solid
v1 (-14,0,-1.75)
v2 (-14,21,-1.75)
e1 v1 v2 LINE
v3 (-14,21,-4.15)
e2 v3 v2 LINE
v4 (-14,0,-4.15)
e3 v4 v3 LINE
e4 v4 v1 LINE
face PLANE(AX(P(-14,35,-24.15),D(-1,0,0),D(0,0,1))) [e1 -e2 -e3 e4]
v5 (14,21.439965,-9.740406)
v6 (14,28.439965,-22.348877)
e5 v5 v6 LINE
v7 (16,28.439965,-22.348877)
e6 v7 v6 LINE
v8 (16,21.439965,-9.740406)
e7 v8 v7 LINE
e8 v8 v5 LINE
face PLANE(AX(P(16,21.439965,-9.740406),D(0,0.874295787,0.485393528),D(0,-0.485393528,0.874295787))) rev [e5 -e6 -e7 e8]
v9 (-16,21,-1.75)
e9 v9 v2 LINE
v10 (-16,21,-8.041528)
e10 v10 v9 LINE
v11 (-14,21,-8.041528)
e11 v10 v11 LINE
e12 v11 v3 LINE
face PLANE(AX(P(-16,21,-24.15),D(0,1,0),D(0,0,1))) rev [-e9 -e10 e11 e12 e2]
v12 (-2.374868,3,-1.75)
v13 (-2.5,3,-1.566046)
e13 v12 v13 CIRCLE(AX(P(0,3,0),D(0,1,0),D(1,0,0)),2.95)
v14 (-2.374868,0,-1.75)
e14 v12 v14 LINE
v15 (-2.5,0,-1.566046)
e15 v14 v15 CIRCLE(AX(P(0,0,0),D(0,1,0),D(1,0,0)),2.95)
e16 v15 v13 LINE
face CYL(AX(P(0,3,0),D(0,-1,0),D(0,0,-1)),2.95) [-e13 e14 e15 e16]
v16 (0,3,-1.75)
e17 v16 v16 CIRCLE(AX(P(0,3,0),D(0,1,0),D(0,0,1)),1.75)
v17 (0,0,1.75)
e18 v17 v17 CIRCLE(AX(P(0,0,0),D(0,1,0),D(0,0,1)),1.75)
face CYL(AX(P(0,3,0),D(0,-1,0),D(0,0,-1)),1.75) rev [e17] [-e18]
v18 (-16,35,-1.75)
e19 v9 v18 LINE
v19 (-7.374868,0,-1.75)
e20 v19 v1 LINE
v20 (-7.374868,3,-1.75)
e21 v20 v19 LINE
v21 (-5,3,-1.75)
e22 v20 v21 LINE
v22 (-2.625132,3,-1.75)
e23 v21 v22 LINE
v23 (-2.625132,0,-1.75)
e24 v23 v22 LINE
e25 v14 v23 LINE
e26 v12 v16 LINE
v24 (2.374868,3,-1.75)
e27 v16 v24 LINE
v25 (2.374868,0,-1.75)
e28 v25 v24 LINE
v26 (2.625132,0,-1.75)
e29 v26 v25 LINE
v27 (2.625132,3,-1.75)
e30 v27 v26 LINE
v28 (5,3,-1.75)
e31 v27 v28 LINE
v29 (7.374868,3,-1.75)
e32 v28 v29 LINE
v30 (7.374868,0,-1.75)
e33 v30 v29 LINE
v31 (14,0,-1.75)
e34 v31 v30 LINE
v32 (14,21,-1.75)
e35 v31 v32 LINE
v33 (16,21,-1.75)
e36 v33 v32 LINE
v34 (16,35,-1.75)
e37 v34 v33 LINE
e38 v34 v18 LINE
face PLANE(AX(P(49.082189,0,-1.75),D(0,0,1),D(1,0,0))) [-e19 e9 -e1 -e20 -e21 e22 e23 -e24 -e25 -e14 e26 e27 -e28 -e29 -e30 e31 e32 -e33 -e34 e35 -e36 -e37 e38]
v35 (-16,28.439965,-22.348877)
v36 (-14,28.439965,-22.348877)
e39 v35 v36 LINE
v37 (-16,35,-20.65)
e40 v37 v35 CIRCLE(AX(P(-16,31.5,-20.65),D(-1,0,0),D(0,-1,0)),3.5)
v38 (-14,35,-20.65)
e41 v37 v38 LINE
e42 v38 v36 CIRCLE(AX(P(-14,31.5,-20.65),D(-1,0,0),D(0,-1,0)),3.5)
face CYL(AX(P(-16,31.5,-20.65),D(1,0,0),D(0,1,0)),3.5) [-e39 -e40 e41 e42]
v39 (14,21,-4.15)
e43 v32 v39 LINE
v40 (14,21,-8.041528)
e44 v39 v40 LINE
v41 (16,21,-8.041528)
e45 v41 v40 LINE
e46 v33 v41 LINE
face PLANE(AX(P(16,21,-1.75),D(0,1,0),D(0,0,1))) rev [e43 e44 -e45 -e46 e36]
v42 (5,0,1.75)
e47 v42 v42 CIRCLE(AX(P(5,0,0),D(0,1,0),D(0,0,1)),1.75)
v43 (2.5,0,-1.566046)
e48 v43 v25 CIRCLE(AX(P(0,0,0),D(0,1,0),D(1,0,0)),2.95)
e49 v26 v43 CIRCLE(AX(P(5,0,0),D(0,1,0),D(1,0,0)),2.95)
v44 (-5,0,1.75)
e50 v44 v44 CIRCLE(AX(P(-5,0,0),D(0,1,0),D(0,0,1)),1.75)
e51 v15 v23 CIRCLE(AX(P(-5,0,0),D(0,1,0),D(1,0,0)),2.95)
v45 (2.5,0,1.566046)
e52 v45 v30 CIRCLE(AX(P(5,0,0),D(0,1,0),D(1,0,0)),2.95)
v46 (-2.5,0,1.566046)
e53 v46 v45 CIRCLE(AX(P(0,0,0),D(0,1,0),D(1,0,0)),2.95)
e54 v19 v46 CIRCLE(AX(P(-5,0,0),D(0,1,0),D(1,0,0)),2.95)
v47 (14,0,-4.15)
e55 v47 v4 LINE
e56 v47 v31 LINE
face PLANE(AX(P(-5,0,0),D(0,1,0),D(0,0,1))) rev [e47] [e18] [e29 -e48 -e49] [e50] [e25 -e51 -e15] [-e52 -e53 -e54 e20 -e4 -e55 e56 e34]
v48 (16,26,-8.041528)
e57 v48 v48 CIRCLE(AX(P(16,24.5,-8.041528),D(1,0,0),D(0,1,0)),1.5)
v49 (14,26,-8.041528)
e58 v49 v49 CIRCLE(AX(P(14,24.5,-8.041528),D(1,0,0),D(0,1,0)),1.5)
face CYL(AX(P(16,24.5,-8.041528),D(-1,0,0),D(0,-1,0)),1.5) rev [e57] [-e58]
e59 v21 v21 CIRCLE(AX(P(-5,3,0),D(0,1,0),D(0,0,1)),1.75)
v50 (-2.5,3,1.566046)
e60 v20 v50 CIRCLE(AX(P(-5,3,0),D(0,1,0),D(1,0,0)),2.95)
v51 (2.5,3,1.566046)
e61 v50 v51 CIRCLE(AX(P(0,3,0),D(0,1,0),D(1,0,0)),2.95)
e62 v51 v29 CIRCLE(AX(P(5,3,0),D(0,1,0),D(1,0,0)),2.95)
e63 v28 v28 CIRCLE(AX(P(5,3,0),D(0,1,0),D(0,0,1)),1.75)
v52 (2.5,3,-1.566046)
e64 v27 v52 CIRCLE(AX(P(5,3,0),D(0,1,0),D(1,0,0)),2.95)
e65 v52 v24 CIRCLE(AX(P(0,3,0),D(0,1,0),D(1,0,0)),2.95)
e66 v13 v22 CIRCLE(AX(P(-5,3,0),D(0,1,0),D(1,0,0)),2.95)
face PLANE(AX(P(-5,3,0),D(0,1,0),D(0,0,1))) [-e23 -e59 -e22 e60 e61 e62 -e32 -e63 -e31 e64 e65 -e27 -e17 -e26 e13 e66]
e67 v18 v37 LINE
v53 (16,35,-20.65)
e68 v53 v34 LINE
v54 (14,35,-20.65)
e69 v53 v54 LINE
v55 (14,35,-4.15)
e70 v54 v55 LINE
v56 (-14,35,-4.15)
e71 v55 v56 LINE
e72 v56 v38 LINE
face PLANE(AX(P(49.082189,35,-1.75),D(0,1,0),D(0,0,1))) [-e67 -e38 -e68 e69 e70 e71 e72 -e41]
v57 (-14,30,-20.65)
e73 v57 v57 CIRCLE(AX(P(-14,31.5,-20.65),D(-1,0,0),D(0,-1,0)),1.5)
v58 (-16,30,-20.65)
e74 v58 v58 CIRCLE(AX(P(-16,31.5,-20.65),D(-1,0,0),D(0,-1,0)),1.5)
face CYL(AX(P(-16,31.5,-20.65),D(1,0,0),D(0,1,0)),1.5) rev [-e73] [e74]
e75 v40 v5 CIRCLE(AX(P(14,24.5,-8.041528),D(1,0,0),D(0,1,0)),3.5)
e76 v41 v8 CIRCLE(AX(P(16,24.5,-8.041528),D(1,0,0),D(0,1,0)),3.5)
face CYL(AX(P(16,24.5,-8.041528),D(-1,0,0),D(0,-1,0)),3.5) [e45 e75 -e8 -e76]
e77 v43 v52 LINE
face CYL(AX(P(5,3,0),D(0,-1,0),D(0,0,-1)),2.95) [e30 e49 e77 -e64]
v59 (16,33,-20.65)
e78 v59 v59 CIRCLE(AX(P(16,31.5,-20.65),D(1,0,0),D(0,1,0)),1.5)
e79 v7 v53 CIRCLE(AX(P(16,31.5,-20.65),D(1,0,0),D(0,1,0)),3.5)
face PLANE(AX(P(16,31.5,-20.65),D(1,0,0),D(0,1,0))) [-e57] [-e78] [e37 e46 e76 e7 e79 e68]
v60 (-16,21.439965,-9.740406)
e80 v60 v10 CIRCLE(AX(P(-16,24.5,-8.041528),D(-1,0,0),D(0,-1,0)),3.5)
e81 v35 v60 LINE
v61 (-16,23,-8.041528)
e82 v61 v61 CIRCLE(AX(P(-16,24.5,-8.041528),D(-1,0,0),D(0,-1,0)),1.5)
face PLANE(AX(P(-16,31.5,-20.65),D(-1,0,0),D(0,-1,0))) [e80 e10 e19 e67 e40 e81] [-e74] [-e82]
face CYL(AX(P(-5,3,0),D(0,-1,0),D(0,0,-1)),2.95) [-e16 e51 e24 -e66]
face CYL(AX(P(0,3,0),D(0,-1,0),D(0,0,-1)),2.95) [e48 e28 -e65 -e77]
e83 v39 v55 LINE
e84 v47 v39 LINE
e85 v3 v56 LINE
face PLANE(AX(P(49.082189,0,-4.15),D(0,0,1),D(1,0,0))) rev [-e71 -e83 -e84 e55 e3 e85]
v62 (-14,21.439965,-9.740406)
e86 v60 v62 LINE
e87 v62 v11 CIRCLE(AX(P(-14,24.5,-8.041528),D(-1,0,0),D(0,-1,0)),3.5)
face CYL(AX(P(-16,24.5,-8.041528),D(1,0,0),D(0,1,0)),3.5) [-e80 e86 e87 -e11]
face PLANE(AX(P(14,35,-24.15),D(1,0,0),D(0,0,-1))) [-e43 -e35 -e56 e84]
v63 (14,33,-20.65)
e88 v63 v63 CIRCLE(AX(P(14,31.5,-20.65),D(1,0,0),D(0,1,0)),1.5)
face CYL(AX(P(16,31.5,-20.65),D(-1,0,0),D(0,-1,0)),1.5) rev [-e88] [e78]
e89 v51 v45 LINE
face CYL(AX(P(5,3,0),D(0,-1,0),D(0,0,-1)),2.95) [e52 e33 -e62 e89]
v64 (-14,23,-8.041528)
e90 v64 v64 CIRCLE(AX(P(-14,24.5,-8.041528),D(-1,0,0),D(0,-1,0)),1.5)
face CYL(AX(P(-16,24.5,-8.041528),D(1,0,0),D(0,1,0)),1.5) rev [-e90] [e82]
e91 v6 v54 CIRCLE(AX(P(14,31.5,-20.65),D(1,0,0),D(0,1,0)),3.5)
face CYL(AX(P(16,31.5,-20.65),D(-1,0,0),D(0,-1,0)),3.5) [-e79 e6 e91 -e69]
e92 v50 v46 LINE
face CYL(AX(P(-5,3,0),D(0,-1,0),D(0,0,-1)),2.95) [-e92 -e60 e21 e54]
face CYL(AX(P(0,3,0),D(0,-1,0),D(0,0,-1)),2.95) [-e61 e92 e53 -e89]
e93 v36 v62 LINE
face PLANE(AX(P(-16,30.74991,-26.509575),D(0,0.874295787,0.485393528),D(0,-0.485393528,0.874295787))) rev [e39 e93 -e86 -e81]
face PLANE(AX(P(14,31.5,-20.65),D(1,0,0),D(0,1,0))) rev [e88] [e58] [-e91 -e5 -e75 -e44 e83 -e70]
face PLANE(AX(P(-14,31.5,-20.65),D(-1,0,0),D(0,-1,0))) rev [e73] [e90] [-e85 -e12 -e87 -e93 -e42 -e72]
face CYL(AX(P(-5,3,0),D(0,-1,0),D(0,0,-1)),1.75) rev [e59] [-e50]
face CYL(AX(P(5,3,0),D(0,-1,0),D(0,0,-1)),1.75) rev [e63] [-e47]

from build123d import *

# Parameters (mm, degrees)
SKETCH2_R                = 2.95
SKETCH2_R_2              = 1.75
EXTRUDE_THIN1_DEPTH      = 3
EXTRUDE_THIN2_DEPTH      = 14
EXTRUDE_THIN2_DEPTH_BACK = 14
SKETCH3_W                = 2.4
SKETCH3_H                = 35
SKETCH4_R                = 1.5
BOSS_EXTRUDE1_DEPTH      = 2
BOSS_EXTRUDE2_START      = -30
SKETCH4_2_R              = 1.5
BOSS_EXTRUDE2_DEPTH      = 2


with BuildPart() as part:
    # Sketch2 → Extrude-Thin1 (new body)
    # profile 1 of 3: a face of its own
    with BuildSketch(Plane(origin=(0, 0, 0), x_dir=(1, 0, 0), z_dir=(0, 1, 0))):
        Circle(SKETCH2_R)
        Circle(SKETCH2_R_2, mode=Mode.SUBTRACT)
    # profile 2 of 3: a face of its own
    with BuildSketch(Plane(origin=(0, 0, 0), x_dir=(1, 0, 0), z_dir=(0, 1, 0))):
        with Locations((5, 0)):
            Circle(SKETCH2_R)
        with Locations((5, 0)):
            Circle(SKETCH2_R_2, mode=Mode.SUBTRACT)
    # profile 3 of 3: a face of its own
    with BuildSketch(Plane(origin=(0, 0, 0), x_dir=(1, 0, 0), z_dir=(0, 1, 0))):
        with Locations((-5, 0)):
            Circle(SKETCH2_R)
        with Locations((-5, 0)):
            Circle(SKETCH2_R_2, mode=Mode.SUBTRACT)
    extrude(amount=EXTRUDE_THIN1_DEPTH)

    # Sketch3 → Extrude-Thin2 (add, two sides: drawn at the far end of the back side and taken through both)
    with BuildSketch(Plane(origin=(0, 0, 0), x_dir=(0, 0, -1), z_dir=(1, 0, 0)).offset(-EXTRUDE_THIN2_DEPTH_BACK)):
        with Locations((2.95, 17.5)):
            Rectangle(SKETCH3_W, SKETCH3_H)
    extrude(amount=EXTRUDE_THIN2_DEPTH + EXTRUDE_THIN2_DEPTH_BACK)

    # Sketch4 → Boss-Extrude1 (add)
    with BuildSketch(Plane(origin=(14, 0, 0), x_dir=(0, 0, -1), z_dir=(1, 0, 0))):
        with BuildLine():
            Line((20.65, 35), (1.75, 35))
            Line((1.75, 35), (1.75, 21))
            Line((1.75, 21), (8.04152842, 21))
            ThreePointArc((8.04152842, 21), (8.918989705, 21.111776027), (9.740405769, 21.439964746))
            Line((9.740405769, 21.439964746), (22.348877349, 28.439964746))
            ThreePointArc((22.348877349, 28.439964746), (24.038223973, 32.377461285), (20.65, 35))
        make_face()
        with Locations(Location((20.65, 31.5, 0), (0, 0, 90))):
            Circle(SKETCH4_R, mode=Mode.SUBTRACT)
        with Locations(Location((8.04152842, 24.5, 0), (0, 0, 90))):
            Circle(SKETCH4_R, mode=Mode.SUBTRACT)
    extrude(amount=BOSS_EXTRUDE1_DEPTH)

    # Sketch4<2> → Boss-Extrude2 (add)
    with BuildSketch(Plane(origin=(14, 0, 0), x_dir=(0, 0, -1), z_dir=(1, 0, 0)).offset(BOSS_EXTRUDE2_START)):
        with BuildLine():
            Line((20.65, 35), (1.75, 35))
            Line((1.75, 35), (1.75, 21))
            Line((1.75, 21), (8.04152842, 21))
            ThreePointArc((8.04152842, 21), (8.918989705, 21.111776027), (9.740405769, 21.439964746))
            Line((9.740405769, 21.439964746), (22.348877349, 28.439964746))
            ThreePointArc((22.348877349, 28.439964746), (24.038223973, 32.377461285), (20.65, 35))
        make_face()
        with Locations(Location((20.65, 31.5, 0), (0, 0, 90))):
            Circle(SKETCH4_2_R, mode=Mode.SUBTRACT)
        with Locations(Location((8.04152842, 24.5, 0), (0, 0, 90))):
            Circle(SKETCH4_2_R, mode=Mode.SUBTRACT)
    extrude(amount=BOSS_EXTRUDE2_DEPTH)


solid = part.part
